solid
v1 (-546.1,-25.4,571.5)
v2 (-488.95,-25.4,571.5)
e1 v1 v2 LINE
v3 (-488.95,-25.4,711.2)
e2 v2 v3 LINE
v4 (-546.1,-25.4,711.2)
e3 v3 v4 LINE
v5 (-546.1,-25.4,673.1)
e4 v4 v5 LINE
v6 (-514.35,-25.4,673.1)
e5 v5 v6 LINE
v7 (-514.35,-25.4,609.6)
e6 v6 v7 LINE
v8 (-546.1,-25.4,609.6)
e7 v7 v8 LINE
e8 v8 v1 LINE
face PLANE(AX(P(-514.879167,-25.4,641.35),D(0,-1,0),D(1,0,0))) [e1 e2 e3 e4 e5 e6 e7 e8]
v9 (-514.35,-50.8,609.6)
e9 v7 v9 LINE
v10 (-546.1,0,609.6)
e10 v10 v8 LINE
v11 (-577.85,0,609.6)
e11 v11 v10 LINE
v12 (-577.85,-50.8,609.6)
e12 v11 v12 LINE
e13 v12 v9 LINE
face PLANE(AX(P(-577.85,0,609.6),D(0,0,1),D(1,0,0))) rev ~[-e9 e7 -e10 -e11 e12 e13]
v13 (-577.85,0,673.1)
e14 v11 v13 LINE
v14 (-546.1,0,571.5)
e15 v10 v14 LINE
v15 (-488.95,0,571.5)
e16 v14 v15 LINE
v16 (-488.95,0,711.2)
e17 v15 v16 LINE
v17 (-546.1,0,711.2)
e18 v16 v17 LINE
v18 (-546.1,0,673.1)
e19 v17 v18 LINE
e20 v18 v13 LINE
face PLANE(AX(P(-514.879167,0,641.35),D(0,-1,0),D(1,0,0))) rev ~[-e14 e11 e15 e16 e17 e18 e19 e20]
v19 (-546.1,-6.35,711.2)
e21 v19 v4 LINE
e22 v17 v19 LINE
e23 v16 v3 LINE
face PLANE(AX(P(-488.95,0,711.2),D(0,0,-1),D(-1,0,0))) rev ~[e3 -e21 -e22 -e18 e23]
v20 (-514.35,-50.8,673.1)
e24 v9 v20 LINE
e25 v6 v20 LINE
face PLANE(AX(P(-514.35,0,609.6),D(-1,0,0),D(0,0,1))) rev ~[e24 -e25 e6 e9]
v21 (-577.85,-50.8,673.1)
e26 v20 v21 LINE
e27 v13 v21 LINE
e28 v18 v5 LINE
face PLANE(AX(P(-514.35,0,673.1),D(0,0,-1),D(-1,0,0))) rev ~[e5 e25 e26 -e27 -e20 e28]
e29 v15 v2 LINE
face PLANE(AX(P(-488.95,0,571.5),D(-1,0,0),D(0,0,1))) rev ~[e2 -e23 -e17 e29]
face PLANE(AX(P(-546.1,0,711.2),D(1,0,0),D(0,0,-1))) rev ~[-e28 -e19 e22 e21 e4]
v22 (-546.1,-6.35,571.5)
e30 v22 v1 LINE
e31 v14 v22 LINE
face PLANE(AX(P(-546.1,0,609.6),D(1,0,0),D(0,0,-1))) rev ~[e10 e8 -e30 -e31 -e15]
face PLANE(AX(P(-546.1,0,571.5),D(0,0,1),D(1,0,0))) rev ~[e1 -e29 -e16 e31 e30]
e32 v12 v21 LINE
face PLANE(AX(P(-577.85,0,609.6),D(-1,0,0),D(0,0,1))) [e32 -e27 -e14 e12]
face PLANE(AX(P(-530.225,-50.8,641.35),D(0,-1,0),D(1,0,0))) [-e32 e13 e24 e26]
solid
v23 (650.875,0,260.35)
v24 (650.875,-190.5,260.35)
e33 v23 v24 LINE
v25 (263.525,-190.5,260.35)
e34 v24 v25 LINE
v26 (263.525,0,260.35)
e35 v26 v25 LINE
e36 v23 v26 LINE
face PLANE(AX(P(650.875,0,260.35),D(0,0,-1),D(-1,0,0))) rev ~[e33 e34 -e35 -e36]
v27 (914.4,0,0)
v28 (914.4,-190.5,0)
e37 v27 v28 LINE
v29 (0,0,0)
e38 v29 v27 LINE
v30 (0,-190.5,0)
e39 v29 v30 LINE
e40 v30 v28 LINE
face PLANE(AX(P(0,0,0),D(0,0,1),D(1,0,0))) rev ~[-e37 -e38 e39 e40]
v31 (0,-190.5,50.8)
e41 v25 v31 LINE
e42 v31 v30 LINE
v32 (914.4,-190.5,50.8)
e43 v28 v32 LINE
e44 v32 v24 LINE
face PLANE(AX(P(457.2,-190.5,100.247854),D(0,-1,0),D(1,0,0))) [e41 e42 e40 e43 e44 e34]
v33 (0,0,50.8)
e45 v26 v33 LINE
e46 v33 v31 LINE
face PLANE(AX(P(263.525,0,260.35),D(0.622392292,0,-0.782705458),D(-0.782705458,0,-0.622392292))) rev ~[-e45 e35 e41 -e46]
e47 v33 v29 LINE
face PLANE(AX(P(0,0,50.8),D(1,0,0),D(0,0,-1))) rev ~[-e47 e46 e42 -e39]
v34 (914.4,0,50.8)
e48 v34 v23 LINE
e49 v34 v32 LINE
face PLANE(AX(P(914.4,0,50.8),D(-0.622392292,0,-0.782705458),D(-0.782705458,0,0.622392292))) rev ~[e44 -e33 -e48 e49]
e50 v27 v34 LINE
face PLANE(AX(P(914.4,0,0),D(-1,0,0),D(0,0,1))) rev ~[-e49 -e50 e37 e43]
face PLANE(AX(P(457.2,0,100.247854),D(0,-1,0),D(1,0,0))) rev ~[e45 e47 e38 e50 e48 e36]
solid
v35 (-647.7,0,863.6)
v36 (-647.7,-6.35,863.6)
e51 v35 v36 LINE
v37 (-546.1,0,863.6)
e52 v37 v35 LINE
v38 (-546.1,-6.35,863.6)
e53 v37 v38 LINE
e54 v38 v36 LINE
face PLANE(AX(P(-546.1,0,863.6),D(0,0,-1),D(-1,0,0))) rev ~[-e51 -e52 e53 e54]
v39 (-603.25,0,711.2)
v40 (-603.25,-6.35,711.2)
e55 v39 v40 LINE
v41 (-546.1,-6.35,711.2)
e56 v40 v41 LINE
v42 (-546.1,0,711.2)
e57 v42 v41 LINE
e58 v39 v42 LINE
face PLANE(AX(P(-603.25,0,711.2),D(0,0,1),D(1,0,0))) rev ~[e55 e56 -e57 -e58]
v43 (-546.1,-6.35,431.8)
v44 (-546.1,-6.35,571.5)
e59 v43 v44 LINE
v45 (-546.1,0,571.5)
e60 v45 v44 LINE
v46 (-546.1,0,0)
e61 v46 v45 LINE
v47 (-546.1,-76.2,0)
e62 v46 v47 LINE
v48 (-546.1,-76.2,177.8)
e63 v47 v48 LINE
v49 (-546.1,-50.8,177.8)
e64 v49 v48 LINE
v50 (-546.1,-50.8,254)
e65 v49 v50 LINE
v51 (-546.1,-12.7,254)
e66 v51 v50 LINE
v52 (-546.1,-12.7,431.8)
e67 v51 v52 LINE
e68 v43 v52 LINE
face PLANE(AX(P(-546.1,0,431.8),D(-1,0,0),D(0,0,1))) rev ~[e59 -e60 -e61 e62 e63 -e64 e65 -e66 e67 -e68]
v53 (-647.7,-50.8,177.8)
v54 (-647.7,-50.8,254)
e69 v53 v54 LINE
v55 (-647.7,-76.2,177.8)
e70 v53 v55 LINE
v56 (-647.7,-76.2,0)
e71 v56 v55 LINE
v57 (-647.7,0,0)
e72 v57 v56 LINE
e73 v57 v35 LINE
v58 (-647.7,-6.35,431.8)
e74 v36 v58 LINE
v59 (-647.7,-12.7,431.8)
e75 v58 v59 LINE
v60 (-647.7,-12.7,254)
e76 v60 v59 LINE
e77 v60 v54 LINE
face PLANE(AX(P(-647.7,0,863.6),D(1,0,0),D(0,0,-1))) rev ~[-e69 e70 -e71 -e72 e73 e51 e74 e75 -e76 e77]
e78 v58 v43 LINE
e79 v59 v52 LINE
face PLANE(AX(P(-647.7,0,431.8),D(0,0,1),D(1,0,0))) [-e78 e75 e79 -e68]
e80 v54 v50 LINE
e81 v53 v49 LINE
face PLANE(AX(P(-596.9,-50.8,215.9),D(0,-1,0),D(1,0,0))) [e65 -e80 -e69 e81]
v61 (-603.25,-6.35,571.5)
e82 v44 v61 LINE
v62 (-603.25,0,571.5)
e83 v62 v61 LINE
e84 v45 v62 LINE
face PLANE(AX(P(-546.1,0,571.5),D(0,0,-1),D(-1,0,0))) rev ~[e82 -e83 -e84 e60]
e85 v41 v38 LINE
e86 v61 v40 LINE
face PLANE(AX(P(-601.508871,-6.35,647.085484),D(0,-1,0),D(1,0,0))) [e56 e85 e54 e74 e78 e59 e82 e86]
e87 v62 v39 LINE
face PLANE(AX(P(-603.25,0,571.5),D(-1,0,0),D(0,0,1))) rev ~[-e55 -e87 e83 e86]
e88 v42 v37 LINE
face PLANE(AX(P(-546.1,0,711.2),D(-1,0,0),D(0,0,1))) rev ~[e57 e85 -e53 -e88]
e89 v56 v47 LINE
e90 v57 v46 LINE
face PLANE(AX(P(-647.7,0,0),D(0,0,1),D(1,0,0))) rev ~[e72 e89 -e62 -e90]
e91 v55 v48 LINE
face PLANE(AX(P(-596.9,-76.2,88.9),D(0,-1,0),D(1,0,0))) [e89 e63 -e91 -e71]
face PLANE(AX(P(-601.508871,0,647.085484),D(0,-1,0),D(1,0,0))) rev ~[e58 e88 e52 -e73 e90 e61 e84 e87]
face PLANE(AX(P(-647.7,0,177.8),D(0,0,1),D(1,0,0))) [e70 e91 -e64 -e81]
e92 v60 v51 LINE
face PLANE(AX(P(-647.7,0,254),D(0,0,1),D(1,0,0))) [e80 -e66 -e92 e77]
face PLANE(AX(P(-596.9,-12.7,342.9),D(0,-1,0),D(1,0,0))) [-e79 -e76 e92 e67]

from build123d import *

# Parameters (mm, degrees)
F1_DEPTH = 190.5
F0_W     = 101.6
F0_H     = 177.8
F2_DEPTH = 76.2
F0_H_2   = 76.2
F3_DEPTH = 50.8
F4_DEPTH = 12.7
F5_DEPTH = 6.35
F0_W_2   = 31.75
F0_H_3   = 63.5
F6_DEPTH = 50.8
F7_DEPTH = 25.4


with BuildPart() as f1:
    # F0 (on Front) → F1 (new body)
    with BuildSketch(Plane.XZ):
        Polygon((0, 50.8), (0, 0), (914.4, 0), (914.4, 50.8), (650.875, 260.35), (263.525, 260.35), align=None)
    extrude(amount=F1_DEPTH)


with BuildPart() as f2:
    # F0 (on Front) → F2 (new body)
    with BuildSketch(Plane.XZ):
        with Locations((-596.9, 88.9)):
            Rectangle(F0_W, F0_H)
    extrude(amount=F2_DEPTH)

    # F0 (on Front) → F3 (join)
    with BuildSketch(Plane.XZ):
        with Locations((-596.9, 215.9)):
            Rectangle(F0_W, F0_H_2)
    extrude(amount=F3_DEPTH)

    # F0 (on Front) → F4 (join)
    with BuildSketch(Plane.XZ):
        with Locations((-596.9, 342.9)):
            Rectangle(F0_W, F0_H)
    extrude(amount=F4_DEPTH)

    # F0 (on Front) → F5 (join)
    with BuildSketch(Plane.XZ):
        Polygon((-647.7, 431.8), (-546.1, 431.8), (-546.1, 571.5), (-603.25, 571.5), (-603.25, 711.2), (-546.1, 711.2), (-546.1, 863.6), (-647.7, 863.6), align=None)
    extrude(amount=F5_DEPTH)



with BuildPart() as f6:
    # F0 (on Front) → F6 (new body)
    with BuildSketch(Plane.XZ):
        with Locations((-530.225, 641.35)):
            Rectangle(F0_W_2, F0_H_3)
        with Locations((-561.975, 641.35)):
            Rectangle(F0_W_2, F0_H_3)
    extrude(amount=F6_DEPTH)


with BuildPart() as f2_1:
    add(f2.part)

    add(f6.part)  # F7 merges F6
    # F0 (on Front) → F7 (join)
    with BuildSketch(Plane.XZ):
        Polygon((-546.1, 609.6), (-546.1, 571.5), (-488.95, 571.5), (-488.95, 711.2), (-546.1, 711.2), (-546.1, 673.1), (-514.35, 673.1), (-514.35, 609.6), align=None)
    extrude(amount=F7_DEPTH)


solid = Compound([f1.part, f2_1.part])
